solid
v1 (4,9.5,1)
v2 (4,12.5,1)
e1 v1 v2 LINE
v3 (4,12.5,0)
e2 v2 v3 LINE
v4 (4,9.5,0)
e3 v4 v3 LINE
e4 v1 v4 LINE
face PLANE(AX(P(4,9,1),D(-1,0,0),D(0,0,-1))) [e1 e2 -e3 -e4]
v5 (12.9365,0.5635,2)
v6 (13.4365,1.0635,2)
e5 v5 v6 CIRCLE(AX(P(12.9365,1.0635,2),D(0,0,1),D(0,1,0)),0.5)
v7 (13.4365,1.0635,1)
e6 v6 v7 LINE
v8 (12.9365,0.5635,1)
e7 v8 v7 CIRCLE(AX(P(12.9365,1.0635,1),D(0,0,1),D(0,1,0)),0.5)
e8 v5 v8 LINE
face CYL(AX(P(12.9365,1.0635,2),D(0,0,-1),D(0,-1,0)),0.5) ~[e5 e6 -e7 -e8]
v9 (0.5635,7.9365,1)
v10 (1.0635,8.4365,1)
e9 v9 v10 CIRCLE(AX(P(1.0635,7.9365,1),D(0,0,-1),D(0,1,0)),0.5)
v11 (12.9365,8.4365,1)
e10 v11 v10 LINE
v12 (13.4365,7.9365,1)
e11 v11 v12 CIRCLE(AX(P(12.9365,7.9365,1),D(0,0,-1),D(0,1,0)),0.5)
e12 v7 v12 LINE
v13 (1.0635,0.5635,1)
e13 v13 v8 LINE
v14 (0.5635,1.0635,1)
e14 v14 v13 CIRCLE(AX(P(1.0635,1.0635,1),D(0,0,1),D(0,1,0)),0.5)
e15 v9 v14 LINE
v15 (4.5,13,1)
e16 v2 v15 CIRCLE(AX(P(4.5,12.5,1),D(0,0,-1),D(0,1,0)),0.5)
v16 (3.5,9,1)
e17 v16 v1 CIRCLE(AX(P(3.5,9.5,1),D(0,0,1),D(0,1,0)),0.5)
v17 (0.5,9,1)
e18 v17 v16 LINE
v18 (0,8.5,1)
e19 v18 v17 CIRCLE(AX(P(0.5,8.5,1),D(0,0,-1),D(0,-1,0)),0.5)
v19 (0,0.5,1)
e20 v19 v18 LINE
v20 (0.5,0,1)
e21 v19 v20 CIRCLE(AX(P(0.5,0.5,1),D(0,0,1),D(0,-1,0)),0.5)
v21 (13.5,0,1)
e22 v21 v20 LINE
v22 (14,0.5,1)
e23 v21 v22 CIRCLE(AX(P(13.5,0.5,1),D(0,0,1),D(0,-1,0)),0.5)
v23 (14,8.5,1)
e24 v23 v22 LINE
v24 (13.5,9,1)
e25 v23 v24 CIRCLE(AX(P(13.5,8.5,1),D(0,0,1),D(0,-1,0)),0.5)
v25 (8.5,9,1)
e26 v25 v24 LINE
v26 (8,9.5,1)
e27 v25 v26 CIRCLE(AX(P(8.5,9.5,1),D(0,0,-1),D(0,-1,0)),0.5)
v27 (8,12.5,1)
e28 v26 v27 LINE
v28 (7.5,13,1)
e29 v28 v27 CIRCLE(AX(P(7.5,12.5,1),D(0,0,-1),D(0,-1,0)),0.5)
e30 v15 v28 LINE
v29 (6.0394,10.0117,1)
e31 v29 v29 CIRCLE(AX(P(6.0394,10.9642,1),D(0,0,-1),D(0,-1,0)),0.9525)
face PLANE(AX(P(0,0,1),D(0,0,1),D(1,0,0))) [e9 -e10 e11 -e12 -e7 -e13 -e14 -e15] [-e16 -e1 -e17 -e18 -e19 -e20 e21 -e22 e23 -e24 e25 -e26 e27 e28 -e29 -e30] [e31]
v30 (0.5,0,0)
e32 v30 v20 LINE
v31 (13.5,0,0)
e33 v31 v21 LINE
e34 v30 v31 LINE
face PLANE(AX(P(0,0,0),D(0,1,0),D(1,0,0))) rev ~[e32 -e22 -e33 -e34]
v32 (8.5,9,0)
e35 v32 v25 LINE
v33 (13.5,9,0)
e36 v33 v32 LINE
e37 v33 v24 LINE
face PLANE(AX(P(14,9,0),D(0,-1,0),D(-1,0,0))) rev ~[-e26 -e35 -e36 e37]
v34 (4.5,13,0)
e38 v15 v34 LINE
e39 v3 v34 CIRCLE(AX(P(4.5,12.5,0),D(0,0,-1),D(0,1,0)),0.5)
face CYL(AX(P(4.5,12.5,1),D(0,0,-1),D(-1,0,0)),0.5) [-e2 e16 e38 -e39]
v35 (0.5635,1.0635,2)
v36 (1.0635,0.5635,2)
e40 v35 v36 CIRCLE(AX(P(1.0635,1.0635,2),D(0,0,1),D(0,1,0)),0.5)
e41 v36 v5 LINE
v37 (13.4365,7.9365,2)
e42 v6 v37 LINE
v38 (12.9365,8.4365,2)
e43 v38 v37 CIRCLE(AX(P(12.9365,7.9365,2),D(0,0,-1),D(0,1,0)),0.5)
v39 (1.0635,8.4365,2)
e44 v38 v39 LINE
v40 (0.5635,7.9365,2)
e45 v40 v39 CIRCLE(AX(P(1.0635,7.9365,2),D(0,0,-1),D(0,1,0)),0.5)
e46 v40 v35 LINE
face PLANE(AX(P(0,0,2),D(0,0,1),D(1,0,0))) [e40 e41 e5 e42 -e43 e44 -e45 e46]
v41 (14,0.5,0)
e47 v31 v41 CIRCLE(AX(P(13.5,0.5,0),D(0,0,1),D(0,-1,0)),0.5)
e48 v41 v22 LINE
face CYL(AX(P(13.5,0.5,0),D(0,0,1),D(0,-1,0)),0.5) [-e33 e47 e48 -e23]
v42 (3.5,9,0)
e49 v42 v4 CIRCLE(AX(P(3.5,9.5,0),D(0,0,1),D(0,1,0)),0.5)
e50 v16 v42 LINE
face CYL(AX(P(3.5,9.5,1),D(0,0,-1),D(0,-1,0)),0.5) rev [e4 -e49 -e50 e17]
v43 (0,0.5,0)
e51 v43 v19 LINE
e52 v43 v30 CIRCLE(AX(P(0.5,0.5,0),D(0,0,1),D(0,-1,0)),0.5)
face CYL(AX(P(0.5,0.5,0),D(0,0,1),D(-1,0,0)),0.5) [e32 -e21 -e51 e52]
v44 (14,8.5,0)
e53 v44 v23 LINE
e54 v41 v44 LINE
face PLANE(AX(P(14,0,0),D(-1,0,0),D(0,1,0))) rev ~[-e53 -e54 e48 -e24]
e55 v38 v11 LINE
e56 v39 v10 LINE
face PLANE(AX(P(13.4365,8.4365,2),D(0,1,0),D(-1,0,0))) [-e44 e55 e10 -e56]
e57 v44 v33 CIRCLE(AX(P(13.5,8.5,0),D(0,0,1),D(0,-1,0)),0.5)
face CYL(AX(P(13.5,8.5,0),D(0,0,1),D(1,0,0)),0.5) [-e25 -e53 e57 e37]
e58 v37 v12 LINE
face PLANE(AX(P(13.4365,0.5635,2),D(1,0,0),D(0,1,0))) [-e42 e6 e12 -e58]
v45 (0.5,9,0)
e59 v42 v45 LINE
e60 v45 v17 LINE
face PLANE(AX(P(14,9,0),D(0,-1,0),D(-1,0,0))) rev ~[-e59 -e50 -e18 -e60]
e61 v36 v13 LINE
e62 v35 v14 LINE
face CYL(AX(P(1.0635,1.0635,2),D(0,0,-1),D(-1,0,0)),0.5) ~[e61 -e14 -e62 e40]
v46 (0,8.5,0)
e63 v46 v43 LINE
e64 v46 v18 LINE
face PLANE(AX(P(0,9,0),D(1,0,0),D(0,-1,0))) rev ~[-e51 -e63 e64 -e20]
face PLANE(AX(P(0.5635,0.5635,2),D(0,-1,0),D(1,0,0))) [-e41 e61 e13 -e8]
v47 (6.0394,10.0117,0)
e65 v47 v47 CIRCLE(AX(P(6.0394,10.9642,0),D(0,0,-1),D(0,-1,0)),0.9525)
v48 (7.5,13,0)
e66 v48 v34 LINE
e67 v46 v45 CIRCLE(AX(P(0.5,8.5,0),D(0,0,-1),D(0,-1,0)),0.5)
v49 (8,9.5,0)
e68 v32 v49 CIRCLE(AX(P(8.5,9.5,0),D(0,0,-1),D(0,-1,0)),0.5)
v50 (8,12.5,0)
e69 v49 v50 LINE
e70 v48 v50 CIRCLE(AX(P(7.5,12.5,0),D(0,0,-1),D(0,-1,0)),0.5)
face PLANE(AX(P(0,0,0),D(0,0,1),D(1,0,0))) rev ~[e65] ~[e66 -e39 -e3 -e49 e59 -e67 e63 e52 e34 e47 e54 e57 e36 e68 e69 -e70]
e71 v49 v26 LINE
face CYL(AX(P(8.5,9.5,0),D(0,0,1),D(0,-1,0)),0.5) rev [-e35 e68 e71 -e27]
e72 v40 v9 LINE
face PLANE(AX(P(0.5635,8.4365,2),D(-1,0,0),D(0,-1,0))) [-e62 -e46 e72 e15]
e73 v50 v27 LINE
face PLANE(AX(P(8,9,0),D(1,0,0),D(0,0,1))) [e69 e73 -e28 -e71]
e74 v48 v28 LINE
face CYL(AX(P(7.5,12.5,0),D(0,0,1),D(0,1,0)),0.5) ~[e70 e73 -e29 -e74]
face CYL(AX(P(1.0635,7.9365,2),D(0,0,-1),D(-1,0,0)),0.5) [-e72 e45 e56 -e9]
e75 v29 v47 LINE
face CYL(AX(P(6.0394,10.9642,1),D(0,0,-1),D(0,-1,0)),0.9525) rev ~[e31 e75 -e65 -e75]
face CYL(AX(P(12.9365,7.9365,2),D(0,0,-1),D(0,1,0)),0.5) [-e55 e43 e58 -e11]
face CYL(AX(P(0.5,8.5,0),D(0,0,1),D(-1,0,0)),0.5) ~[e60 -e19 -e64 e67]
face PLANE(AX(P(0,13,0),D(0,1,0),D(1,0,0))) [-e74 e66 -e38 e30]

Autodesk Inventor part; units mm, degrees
ref_plane "YZ Plane" through (0, 0, 0) normal (1, 0, 0) x (0, 1, 0)
ref_plane "XZ Plane" through (0, 0, 0) normal (0, 1, 0) x (-1, 0, 0)
ref_plane "XY Plane" through (0, 0, 0) normal (0, 0, 1) x (1, 0, 0)
sketch "Sketch1" plane through (0, 0, 0) normal (0, 0, 1) x (1, 0, 0)
  line L0 (0, 0) -> (14, 0)
  line L1 (14, 0) -> (14, 9)
  line L2 (14, 9) -> (0, 9)
  line L3 (0, 9) -> (0, 0)
  dimension "d0" = 14
  dimension "d1" = 9
extrude "Extrusion1" add sketch "Sketch1" along normal blind 2
sketch "Sketch2" plane through (0, 0, 2) normal (0, 0, 1) x (1, 0, 0)
  line L0 (0, 0) -> (0, 9) projected
  line L1 (14, 0) -> (0, 0) projected
  line L2 (14, 9) -> (14, 0) projected
  line L3 (0, 9) -> (14, 9) projected
  line L4 (0.5635, 8.4365) -> (0.5635, 0.5635)
  line L5 (0.5635, 0.5635) -> (13.4365, 0.5635)
  line L6 (13.4365, 0.5635) -> (13.4365, 8.4365)
  line L7 (13.4365, 8.4365) -> (0.5635, 8.4365)
  dimension "d4" = 0.5635
extrude "Extrusion2" cut sketch "Sketch2" against normal blind 1
sketch "Sketch3" plane through (0, 9, 0) normal (0, 1, 0) x (1, 0, 0)
  line L0 (0, -1) -> (14, -1) projected
  line L1 (14, 0) -> (0, 0) projected
  line L2 (0, 0) -> (0, -1) projected
  line L3 (4, 0) -> (8, 0)
  line L4 (8, 0) -> (8, -1)
  line L5 (8, -1) -> (4, -1)
  line L6 (4, -1) -> (4, 0)
  dimension "d7" = 4
  dimension "d8" = 4
extrude "Extrusion3" add sketch "Sketch3" along normal blind 4 contours L6 L1 L4 L0
sketch "Sketch4" plane through (0, 0, 1) normal (0, 0, 1) x (1, 0, 0)
  line L0 (8, 13) -> (4, 13) projected
  line L1 (4, 9) -> (4, 13) projected
  line L2 (0, 0) -> (0, 9) projected
  line L3 (4, 11) -> (8.8648, 11) construction
  line L4 (6, 13) -> (6, 6.8956) construction
  point P0 (6.0394, 10.9642)
hole "Hole1" at (6.0394, 10.9642, 1) direction (0, 0, -1) diameter 1.905 end through all
fillet "Fillet1" radius 0.5 12 edges at (0.5635, 0.5635, 1.5) (0, 0, 0.5) (0.5635, 8.4365, 1.5) (0, 9, 0.5) (13.4365, 0.5635, 1.5) (14, 0, 0.5) (13.4365, 8.4365, 1.5) (14, 9, 0.5) (8, 9, 0.5) (4, 9, 0.5) (4, 13, 0.5) (8, 13, 0.5)
properties part number "lid"
